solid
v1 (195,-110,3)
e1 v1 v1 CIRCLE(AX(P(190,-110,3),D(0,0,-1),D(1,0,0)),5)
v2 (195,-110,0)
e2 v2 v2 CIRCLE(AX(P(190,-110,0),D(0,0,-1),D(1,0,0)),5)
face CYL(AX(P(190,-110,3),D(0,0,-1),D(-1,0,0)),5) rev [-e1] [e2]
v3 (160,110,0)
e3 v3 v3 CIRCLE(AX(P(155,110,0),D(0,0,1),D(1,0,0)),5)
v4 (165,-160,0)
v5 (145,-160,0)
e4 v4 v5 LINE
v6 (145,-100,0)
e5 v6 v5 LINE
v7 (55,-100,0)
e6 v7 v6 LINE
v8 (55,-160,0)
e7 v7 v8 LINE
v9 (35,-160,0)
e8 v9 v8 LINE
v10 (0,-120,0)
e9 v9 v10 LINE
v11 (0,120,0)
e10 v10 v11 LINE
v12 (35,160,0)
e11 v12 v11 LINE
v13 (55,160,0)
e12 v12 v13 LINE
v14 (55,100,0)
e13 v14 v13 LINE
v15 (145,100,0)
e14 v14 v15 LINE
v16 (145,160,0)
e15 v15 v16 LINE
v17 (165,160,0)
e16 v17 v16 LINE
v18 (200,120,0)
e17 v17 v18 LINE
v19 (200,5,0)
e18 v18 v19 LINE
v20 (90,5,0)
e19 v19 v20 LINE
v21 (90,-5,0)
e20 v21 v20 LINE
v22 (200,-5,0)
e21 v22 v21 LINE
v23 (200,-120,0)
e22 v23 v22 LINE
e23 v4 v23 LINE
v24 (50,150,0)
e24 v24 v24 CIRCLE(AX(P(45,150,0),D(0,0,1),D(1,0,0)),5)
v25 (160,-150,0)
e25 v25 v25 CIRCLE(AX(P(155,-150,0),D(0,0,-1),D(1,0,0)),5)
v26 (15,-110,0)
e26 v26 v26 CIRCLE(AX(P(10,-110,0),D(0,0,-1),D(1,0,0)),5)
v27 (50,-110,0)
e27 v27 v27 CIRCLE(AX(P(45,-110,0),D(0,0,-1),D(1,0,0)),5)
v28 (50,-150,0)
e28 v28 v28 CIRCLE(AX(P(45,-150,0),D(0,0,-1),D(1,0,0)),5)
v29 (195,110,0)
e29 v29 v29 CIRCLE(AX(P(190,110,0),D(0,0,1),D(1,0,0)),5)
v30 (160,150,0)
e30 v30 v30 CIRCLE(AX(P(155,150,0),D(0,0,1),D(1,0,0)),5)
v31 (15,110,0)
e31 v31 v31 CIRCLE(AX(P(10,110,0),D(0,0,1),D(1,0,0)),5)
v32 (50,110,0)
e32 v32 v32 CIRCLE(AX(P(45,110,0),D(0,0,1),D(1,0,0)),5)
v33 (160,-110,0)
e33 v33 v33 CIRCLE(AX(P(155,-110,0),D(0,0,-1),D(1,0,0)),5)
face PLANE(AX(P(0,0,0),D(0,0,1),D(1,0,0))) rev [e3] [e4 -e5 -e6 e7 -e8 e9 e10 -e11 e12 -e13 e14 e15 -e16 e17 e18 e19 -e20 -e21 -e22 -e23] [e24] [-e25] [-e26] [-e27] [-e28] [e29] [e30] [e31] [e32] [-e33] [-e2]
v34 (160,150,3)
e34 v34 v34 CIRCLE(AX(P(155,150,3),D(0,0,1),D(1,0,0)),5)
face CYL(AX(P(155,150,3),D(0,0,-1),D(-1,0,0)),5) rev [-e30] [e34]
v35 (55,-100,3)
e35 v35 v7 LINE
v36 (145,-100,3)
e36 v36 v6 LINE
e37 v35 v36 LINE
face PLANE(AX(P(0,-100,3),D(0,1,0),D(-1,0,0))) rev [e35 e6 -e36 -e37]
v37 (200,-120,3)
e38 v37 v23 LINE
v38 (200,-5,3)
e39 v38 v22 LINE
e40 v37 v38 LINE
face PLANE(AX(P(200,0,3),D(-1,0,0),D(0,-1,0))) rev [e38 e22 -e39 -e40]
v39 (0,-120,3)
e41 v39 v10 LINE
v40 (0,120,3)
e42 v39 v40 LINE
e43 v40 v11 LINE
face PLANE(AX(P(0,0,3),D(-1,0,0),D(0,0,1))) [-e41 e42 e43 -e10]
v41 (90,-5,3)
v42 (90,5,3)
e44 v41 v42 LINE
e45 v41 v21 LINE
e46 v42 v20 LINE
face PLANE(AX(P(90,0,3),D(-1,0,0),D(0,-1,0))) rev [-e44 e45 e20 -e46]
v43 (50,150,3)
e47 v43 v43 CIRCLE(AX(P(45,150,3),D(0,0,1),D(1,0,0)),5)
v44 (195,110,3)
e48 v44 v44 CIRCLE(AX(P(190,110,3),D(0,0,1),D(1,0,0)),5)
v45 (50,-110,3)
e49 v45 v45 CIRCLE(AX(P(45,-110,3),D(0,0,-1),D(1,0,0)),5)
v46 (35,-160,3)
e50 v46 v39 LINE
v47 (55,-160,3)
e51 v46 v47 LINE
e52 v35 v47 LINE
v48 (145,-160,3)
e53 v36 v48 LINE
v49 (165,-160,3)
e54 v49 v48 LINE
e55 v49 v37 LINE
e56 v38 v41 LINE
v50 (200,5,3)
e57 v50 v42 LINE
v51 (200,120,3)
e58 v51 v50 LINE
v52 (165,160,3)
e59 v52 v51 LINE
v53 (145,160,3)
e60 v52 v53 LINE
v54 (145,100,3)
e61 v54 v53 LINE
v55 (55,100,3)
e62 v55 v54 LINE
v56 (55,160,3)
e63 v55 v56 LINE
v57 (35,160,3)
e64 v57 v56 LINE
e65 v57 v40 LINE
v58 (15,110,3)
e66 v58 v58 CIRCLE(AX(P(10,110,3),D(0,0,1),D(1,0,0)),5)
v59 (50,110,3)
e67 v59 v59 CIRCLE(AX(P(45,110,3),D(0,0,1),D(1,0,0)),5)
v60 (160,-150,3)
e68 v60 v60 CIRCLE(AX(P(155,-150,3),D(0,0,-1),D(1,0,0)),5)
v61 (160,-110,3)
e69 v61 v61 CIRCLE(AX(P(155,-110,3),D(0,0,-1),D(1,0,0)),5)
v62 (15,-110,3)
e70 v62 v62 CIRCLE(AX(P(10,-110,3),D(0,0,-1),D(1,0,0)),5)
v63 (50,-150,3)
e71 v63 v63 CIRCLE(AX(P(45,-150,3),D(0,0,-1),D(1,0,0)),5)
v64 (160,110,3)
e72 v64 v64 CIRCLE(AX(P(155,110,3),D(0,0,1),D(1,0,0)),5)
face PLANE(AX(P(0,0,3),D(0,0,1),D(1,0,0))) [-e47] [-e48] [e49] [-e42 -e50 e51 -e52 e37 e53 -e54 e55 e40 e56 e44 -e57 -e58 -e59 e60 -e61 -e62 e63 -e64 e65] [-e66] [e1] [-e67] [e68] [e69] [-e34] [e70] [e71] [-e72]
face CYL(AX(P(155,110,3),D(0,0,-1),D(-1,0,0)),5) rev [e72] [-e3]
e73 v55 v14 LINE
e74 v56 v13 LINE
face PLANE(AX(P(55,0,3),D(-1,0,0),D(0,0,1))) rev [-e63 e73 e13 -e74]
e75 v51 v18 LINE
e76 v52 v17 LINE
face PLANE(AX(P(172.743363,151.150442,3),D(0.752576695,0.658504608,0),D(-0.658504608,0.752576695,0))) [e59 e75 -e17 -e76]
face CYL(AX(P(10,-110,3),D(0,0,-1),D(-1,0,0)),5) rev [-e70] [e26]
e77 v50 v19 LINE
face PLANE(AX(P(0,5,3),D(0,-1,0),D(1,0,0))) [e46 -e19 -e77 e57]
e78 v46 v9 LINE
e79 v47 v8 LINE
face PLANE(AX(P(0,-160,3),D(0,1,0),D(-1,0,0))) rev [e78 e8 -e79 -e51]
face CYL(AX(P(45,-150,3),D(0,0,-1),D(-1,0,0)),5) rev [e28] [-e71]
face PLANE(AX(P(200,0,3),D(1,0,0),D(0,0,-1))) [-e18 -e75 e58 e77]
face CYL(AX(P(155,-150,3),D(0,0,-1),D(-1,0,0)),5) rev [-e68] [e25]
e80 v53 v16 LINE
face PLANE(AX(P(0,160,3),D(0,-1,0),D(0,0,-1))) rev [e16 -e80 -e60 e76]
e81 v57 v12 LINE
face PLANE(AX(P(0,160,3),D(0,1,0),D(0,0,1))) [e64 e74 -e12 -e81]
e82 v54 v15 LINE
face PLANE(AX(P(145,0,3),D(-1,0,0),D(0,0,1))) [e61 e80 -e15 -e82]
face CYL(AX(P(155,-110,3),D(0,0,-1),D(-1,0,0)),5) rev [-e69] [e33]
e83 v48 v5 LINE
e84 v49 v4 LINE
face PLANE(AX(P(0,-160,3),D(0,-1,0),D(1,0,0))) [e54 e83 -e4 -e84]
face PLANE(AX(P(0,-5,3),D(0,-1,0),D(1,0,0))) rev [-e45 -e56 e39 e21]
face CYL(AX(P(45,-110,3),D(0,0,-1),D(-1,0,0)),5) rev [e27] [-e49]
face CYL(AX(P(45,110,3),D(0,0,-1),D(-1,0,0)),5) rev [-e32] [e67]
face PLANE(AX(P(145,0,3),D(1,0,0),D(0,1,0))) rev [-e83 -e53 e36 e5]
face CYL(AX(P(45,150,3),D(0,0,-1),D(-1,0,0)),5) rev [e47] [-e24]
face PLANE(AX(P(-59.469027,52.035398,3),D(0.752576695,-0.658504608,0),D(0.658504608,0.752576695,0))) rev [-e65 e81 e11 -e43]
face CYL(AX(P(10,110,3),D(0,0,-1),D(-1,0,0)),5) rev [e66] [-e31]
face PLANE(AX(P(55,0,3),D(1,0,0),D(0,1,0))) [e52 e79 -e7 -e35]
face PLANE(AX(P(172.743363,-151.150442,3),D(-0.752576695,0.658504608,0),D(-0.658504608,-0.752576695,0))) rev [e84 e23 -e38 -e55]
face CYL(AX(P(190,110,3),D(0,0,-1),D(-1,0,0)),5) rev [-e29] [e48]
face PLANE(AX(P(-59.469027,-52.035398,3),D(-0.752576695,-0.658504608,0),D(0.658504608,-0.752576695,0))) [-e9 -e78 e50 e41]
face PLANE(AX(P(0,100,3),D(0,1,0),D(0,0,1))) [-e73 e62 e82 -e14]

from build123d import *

# Parameters (mm, degrees)
ESQUISSE1_R        = 5
BOSS_EXTRU_1_DEPTH = 3


with BuildPart() as part:
    # Esquisse1 → Boss.-Extru.1 (new body)
    # profile 1 of 3: a face of its own
    with BuildSketch(Plane.XY):
        Polygon((0, 120), (0, 100), (55, 100), (55, 160), (35, 160), align=None)
        with Locations((10, 110)):
            Circle(ESQUISSE1_R, mode=Mode.SUBTRACT)
        with Locations((45, 110)):
            Circle(ESQUISSE1_R, mode=Mode.SUBTRACT)
        with Locations((45, 150)):
            Circle(ESQUISSE1_R, mode=Mode.SUBTRACT)
    # profile 2 of 3: a face of its own
    with BuildSketch(Plane.XY):
        Polygon((55, 100), (0, 100), (0, 0), (90, 0), (90, 5), (200, 5), (200, 80), (200, 100), (145, 100), align=None)
    # profile 3 of 3: a face of its own
    with BuildSketch(Plane.XY):
        Polygon((145, 160), (145, 100), (200, 100), (200, 120), (165, 160), align=None)
        with Locations((155, 110)):
            Circle(ESQUISSE1_R, mode=Mode.SUBTRACT)
        with Locations((190, 110)):
            Circle(ESQUISSE1_R, mode=Mode.SUBTRACT)
        with Locations((155, 150)):
            Circle(ESQUISSE1_R, mode=Mode.SUBTRACT)
    boss_extru_1 = extrude(amount=BOSS_EXTRU_1_DEPTH)

    # Symétrie1: Boss.-Extru.1 across plane
    add(boss_extru_1.mirror(Plane(origin=(0, 0, 3), x_dir=(0, 0, 1), z_dir=(0, 1, 0))))


solid = part.part
